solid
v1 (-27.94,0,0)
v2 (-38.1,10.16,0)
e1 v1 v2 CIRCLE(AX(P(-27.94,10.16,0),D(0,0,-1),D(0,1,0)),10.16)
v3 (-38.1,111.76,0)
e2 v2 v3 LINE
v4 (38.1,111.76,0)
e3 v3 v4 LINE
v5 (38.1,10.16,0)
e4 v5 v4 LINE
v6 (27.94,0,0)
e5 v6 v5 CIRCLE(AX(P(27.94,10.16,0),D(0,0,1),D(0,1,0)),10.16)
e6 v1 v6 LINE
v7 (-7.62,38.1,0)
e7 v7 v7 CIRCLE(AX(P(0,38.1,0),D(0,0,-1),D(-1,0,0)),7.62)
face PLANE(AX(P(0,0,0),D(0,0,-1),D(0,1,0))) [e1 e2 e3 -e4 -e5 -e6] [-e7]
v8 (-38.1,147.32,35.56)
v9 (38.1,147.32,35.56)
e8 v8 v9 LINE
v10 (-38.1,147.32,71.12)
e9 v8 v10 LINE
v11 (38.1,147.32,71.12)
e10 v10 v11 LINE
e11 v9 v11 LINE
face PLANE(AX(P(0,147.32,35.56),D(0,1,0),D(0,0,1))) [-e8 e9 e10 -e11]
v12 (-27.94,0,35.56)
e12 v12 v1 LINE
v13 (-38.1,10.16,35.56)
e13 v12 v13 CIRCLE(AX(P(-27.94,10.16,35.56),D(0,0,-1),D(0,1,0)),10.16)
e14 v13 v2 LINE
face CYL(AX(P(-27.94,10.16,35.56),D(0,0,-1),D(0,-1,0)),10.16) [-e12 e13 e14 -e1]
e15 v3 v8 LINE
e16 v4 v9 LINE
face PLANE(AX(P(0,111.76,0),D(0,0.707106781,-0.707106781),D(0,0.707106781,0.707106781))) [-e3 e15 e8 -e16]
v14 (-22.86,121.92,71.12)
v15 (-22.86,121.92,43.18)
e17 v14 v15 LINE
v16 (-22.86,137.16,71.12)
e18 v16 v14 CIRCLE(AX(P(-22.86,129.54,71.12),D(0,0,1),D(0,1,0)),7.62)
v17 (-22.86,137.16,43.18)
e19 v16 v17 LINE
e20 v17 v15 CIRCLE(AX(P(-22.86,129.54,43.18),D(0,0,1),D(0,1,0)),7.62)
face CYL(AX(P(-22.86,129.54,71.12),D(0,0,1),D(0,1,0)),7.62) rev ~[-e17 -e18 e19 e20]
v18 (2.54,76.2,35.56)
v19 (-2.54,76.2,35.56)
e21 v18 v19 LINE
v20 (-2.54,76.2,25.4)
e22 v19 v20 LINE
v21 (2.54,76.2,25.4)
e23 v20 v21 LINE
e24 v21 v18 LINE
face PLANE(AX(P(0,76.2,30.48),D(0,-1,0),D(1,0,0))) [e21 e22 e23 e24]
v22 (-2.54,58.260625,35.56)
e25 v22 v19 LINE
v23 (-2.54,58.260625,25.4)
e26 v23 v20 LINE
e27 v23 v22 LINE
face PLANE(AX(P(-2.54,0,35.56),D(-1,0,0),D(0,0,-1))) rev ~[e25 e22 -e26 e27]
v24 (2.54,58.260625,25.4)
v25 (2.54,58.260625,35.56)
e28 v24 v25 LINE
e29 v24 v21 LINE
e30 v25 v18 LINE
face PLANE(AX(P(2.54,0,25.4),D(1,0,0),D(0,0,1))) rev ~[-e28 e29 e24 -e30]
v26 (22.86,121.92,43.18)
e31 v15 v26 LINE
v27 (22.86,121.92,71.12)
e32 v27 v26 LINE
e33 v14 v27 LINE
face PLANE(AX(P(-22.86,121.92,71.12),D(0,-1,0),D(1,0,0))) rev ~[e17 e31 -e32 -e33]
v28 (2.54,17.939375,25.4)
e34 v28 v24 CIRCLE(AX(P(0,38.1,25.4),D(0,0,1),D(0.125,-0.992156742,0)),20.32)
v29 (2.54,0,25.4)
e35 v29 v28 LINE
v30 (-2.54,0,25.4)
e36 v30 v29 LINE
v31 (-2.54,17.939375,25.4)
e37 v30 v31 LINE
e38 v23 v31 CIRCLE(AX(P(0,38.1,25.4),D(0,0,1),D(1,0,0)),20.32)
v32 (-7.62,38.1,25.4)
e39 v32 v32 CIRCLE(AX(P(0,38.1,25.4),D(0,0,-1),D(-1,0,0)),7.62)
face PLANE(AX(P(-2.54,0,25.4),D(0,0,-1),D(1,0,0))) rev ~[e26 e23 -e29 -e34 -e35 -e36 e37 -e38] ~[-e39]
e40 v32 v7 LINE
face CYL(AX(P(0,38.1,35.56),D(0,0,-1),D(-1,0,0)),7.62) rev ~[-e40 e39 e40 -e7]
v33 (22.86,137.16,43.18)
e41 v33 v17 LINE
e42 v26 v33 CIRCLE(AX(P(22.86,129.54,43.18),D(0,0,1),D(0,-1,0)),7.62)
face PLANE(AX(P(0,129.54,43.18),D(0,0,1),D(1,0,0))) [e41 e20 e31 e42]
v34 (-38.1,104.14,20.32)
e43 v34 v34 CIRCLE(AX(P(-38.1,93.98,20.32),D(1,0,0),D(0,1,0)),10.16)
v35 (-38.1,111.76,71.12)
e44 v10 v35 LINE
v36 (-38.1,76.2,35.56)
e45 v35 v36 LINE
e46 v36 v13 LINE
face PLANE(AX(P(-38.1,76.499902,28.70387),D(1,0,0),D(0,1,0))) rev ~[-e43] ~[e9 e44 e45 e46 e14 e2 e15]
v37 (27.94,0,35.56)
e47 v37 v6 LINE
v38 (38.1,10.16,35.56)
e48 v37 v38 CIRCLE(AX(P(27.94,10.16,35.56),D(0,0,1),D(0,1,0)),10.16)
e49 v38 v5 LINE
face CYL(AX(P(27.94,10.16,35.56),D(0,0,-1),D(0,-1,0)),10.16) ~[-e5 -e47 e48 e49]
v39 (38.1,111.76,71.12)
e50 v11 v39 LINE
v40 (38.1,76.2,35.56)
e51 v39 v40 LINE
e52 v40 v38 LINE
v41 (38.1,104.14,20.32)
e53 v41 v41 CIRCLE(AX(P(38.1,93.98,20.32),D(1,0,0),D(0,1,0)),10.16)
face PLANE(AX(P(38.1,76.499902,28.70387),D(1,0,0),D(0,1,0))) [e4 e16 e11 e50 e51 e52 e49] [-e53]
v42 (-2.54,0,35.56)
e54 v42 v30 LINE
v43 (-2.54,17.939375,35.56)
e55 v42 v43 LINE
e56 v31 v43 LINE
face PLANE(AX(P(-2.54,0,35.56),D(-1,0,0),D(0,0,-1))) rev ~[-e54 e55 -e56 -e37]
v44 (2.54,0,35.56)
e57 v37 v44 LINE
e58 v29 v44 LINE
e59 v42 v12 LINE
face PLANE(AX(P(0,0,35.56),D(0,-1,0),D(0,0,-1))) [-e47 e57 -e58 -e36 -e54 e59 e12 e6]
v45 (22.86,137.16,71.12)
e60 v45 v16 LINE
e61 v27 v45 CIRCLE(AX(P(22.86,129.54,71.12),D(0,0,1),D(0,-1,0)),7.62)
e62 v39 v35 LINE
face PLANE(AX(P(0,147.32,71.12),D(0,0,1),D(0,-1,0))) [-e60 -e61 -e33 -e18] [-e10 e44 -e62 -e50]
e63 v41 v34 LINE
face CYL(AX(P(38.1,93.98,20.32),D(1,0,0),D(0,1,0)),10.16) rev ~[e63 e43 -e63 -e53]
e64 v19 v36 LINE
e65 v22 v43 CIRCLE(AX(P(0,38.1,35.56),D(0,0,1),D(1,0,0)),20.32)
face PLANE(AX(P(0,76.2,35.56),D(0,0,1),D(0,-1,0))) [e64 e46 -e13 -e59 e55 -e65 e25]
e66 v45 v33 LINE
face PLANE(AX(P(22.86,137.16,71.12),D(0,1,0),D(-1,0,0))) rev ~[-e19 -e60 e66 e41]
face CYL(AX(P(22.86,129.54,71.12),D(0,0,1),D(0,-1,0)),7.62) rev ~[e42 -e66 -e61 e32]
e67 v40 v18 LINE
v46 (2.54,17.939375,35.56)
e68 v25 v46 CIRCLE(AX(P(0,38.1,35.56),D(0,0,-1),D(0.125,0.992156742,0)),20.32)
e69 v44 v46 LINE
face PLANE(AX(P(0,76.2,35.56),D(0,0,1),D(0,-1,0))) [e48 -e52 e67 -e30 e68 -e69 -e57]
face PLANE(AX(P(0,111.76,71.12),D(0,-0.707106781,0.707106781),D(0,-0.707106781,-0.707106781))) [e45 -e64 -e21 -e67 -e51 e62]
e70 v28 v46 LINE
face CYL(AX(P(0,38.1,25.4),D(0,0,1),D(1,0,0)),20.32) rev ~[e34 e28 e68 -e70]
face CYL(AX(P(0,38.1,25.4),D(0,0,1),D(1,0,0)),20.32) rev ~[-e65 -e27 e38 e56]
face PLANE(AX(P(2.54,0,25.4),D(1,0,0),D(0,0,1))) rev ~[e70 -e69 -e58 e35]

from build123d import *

# Parameters (mm, degrees)
F1_DEPTH       = 38.1
F3_D           = 15.24
F3_CBORE_D     = 40.64
F3_CBORE_DEPTH = 10.16
F5_DEPTH       = 76.2
F6_R           = 10.16
F7_DEPTH       = 76.2
F9_DEPTH       = 27.94
F10_R          = 10.16


with BuildPart() as f1:
    # F0 (on Right) → F1 (new body, symmetric)
    with BuildSketch(Plane.YZ):
        Polygon((0, 35.56), (0, 0), (111.76, 0), (147.32, 35.56), (147.32, 71.12), (111.76, 71.12), (76.2, 35.56), align=None)
    extrude(amount=F1_DEPTH, both=True)

    # F3 (through all)
    with Locations(Plane.XY.offset(35.56)):
        with Locations((0, 38.1)):
            CounterBoreHole(F3_D / 2, F3_CBORE_D / 2, F3_CBORE_DEPTH)

    # F4 (on face) → F5 (cut)
    with BuildSketch(Plane.XZ):
        Polygon((2.54, 35.56), (0, 35.56), (-2.54, 35.56), (-2.54, 25.4), (2.54, 25.4), align=None)
    extrude(amount=-F5_DEPTH, mode=Mode.SUBTRACT)

    # F6 (on face) → F7 (cut)
    with BuildSketch(Plane.YZ.offset(38.1)):
        with Locations((93.98, 20.32)):
            Circle(F6_R)
    extrude(amount=-F7_DEPTH, mode=Mode.SUBTRACT)

    # F8 (on face) → F9 (cut)
    with BuildSketch(Plane.XY.offset(71.12)):
        with BuildLine():
            Line((22.86, 137.16), (-22.86, 137.16))
            ThreePointArc((-22.86, 137.16), (-30.48, 129.54), (-22.86, 121.92))
            Line((-22.86, 121.92), (22.86, 121.92))
            ThreePointArc((22.86, 121.92), (30.48, 129.54), (22.86, 137.16))
        make_face()
    extrude(amount=-F9_DEPTH, mode=Mode.SUBTRACT)

    # F10
    f10_edges = [f1.edges().sort_by_distance(p)[0] for p in [
        (38.1, 0, 17.78),
        (-38.1, 0, 17.78),
    ]]
    fillet(f10_edges, radius=F10_R)


solid = f1.part
